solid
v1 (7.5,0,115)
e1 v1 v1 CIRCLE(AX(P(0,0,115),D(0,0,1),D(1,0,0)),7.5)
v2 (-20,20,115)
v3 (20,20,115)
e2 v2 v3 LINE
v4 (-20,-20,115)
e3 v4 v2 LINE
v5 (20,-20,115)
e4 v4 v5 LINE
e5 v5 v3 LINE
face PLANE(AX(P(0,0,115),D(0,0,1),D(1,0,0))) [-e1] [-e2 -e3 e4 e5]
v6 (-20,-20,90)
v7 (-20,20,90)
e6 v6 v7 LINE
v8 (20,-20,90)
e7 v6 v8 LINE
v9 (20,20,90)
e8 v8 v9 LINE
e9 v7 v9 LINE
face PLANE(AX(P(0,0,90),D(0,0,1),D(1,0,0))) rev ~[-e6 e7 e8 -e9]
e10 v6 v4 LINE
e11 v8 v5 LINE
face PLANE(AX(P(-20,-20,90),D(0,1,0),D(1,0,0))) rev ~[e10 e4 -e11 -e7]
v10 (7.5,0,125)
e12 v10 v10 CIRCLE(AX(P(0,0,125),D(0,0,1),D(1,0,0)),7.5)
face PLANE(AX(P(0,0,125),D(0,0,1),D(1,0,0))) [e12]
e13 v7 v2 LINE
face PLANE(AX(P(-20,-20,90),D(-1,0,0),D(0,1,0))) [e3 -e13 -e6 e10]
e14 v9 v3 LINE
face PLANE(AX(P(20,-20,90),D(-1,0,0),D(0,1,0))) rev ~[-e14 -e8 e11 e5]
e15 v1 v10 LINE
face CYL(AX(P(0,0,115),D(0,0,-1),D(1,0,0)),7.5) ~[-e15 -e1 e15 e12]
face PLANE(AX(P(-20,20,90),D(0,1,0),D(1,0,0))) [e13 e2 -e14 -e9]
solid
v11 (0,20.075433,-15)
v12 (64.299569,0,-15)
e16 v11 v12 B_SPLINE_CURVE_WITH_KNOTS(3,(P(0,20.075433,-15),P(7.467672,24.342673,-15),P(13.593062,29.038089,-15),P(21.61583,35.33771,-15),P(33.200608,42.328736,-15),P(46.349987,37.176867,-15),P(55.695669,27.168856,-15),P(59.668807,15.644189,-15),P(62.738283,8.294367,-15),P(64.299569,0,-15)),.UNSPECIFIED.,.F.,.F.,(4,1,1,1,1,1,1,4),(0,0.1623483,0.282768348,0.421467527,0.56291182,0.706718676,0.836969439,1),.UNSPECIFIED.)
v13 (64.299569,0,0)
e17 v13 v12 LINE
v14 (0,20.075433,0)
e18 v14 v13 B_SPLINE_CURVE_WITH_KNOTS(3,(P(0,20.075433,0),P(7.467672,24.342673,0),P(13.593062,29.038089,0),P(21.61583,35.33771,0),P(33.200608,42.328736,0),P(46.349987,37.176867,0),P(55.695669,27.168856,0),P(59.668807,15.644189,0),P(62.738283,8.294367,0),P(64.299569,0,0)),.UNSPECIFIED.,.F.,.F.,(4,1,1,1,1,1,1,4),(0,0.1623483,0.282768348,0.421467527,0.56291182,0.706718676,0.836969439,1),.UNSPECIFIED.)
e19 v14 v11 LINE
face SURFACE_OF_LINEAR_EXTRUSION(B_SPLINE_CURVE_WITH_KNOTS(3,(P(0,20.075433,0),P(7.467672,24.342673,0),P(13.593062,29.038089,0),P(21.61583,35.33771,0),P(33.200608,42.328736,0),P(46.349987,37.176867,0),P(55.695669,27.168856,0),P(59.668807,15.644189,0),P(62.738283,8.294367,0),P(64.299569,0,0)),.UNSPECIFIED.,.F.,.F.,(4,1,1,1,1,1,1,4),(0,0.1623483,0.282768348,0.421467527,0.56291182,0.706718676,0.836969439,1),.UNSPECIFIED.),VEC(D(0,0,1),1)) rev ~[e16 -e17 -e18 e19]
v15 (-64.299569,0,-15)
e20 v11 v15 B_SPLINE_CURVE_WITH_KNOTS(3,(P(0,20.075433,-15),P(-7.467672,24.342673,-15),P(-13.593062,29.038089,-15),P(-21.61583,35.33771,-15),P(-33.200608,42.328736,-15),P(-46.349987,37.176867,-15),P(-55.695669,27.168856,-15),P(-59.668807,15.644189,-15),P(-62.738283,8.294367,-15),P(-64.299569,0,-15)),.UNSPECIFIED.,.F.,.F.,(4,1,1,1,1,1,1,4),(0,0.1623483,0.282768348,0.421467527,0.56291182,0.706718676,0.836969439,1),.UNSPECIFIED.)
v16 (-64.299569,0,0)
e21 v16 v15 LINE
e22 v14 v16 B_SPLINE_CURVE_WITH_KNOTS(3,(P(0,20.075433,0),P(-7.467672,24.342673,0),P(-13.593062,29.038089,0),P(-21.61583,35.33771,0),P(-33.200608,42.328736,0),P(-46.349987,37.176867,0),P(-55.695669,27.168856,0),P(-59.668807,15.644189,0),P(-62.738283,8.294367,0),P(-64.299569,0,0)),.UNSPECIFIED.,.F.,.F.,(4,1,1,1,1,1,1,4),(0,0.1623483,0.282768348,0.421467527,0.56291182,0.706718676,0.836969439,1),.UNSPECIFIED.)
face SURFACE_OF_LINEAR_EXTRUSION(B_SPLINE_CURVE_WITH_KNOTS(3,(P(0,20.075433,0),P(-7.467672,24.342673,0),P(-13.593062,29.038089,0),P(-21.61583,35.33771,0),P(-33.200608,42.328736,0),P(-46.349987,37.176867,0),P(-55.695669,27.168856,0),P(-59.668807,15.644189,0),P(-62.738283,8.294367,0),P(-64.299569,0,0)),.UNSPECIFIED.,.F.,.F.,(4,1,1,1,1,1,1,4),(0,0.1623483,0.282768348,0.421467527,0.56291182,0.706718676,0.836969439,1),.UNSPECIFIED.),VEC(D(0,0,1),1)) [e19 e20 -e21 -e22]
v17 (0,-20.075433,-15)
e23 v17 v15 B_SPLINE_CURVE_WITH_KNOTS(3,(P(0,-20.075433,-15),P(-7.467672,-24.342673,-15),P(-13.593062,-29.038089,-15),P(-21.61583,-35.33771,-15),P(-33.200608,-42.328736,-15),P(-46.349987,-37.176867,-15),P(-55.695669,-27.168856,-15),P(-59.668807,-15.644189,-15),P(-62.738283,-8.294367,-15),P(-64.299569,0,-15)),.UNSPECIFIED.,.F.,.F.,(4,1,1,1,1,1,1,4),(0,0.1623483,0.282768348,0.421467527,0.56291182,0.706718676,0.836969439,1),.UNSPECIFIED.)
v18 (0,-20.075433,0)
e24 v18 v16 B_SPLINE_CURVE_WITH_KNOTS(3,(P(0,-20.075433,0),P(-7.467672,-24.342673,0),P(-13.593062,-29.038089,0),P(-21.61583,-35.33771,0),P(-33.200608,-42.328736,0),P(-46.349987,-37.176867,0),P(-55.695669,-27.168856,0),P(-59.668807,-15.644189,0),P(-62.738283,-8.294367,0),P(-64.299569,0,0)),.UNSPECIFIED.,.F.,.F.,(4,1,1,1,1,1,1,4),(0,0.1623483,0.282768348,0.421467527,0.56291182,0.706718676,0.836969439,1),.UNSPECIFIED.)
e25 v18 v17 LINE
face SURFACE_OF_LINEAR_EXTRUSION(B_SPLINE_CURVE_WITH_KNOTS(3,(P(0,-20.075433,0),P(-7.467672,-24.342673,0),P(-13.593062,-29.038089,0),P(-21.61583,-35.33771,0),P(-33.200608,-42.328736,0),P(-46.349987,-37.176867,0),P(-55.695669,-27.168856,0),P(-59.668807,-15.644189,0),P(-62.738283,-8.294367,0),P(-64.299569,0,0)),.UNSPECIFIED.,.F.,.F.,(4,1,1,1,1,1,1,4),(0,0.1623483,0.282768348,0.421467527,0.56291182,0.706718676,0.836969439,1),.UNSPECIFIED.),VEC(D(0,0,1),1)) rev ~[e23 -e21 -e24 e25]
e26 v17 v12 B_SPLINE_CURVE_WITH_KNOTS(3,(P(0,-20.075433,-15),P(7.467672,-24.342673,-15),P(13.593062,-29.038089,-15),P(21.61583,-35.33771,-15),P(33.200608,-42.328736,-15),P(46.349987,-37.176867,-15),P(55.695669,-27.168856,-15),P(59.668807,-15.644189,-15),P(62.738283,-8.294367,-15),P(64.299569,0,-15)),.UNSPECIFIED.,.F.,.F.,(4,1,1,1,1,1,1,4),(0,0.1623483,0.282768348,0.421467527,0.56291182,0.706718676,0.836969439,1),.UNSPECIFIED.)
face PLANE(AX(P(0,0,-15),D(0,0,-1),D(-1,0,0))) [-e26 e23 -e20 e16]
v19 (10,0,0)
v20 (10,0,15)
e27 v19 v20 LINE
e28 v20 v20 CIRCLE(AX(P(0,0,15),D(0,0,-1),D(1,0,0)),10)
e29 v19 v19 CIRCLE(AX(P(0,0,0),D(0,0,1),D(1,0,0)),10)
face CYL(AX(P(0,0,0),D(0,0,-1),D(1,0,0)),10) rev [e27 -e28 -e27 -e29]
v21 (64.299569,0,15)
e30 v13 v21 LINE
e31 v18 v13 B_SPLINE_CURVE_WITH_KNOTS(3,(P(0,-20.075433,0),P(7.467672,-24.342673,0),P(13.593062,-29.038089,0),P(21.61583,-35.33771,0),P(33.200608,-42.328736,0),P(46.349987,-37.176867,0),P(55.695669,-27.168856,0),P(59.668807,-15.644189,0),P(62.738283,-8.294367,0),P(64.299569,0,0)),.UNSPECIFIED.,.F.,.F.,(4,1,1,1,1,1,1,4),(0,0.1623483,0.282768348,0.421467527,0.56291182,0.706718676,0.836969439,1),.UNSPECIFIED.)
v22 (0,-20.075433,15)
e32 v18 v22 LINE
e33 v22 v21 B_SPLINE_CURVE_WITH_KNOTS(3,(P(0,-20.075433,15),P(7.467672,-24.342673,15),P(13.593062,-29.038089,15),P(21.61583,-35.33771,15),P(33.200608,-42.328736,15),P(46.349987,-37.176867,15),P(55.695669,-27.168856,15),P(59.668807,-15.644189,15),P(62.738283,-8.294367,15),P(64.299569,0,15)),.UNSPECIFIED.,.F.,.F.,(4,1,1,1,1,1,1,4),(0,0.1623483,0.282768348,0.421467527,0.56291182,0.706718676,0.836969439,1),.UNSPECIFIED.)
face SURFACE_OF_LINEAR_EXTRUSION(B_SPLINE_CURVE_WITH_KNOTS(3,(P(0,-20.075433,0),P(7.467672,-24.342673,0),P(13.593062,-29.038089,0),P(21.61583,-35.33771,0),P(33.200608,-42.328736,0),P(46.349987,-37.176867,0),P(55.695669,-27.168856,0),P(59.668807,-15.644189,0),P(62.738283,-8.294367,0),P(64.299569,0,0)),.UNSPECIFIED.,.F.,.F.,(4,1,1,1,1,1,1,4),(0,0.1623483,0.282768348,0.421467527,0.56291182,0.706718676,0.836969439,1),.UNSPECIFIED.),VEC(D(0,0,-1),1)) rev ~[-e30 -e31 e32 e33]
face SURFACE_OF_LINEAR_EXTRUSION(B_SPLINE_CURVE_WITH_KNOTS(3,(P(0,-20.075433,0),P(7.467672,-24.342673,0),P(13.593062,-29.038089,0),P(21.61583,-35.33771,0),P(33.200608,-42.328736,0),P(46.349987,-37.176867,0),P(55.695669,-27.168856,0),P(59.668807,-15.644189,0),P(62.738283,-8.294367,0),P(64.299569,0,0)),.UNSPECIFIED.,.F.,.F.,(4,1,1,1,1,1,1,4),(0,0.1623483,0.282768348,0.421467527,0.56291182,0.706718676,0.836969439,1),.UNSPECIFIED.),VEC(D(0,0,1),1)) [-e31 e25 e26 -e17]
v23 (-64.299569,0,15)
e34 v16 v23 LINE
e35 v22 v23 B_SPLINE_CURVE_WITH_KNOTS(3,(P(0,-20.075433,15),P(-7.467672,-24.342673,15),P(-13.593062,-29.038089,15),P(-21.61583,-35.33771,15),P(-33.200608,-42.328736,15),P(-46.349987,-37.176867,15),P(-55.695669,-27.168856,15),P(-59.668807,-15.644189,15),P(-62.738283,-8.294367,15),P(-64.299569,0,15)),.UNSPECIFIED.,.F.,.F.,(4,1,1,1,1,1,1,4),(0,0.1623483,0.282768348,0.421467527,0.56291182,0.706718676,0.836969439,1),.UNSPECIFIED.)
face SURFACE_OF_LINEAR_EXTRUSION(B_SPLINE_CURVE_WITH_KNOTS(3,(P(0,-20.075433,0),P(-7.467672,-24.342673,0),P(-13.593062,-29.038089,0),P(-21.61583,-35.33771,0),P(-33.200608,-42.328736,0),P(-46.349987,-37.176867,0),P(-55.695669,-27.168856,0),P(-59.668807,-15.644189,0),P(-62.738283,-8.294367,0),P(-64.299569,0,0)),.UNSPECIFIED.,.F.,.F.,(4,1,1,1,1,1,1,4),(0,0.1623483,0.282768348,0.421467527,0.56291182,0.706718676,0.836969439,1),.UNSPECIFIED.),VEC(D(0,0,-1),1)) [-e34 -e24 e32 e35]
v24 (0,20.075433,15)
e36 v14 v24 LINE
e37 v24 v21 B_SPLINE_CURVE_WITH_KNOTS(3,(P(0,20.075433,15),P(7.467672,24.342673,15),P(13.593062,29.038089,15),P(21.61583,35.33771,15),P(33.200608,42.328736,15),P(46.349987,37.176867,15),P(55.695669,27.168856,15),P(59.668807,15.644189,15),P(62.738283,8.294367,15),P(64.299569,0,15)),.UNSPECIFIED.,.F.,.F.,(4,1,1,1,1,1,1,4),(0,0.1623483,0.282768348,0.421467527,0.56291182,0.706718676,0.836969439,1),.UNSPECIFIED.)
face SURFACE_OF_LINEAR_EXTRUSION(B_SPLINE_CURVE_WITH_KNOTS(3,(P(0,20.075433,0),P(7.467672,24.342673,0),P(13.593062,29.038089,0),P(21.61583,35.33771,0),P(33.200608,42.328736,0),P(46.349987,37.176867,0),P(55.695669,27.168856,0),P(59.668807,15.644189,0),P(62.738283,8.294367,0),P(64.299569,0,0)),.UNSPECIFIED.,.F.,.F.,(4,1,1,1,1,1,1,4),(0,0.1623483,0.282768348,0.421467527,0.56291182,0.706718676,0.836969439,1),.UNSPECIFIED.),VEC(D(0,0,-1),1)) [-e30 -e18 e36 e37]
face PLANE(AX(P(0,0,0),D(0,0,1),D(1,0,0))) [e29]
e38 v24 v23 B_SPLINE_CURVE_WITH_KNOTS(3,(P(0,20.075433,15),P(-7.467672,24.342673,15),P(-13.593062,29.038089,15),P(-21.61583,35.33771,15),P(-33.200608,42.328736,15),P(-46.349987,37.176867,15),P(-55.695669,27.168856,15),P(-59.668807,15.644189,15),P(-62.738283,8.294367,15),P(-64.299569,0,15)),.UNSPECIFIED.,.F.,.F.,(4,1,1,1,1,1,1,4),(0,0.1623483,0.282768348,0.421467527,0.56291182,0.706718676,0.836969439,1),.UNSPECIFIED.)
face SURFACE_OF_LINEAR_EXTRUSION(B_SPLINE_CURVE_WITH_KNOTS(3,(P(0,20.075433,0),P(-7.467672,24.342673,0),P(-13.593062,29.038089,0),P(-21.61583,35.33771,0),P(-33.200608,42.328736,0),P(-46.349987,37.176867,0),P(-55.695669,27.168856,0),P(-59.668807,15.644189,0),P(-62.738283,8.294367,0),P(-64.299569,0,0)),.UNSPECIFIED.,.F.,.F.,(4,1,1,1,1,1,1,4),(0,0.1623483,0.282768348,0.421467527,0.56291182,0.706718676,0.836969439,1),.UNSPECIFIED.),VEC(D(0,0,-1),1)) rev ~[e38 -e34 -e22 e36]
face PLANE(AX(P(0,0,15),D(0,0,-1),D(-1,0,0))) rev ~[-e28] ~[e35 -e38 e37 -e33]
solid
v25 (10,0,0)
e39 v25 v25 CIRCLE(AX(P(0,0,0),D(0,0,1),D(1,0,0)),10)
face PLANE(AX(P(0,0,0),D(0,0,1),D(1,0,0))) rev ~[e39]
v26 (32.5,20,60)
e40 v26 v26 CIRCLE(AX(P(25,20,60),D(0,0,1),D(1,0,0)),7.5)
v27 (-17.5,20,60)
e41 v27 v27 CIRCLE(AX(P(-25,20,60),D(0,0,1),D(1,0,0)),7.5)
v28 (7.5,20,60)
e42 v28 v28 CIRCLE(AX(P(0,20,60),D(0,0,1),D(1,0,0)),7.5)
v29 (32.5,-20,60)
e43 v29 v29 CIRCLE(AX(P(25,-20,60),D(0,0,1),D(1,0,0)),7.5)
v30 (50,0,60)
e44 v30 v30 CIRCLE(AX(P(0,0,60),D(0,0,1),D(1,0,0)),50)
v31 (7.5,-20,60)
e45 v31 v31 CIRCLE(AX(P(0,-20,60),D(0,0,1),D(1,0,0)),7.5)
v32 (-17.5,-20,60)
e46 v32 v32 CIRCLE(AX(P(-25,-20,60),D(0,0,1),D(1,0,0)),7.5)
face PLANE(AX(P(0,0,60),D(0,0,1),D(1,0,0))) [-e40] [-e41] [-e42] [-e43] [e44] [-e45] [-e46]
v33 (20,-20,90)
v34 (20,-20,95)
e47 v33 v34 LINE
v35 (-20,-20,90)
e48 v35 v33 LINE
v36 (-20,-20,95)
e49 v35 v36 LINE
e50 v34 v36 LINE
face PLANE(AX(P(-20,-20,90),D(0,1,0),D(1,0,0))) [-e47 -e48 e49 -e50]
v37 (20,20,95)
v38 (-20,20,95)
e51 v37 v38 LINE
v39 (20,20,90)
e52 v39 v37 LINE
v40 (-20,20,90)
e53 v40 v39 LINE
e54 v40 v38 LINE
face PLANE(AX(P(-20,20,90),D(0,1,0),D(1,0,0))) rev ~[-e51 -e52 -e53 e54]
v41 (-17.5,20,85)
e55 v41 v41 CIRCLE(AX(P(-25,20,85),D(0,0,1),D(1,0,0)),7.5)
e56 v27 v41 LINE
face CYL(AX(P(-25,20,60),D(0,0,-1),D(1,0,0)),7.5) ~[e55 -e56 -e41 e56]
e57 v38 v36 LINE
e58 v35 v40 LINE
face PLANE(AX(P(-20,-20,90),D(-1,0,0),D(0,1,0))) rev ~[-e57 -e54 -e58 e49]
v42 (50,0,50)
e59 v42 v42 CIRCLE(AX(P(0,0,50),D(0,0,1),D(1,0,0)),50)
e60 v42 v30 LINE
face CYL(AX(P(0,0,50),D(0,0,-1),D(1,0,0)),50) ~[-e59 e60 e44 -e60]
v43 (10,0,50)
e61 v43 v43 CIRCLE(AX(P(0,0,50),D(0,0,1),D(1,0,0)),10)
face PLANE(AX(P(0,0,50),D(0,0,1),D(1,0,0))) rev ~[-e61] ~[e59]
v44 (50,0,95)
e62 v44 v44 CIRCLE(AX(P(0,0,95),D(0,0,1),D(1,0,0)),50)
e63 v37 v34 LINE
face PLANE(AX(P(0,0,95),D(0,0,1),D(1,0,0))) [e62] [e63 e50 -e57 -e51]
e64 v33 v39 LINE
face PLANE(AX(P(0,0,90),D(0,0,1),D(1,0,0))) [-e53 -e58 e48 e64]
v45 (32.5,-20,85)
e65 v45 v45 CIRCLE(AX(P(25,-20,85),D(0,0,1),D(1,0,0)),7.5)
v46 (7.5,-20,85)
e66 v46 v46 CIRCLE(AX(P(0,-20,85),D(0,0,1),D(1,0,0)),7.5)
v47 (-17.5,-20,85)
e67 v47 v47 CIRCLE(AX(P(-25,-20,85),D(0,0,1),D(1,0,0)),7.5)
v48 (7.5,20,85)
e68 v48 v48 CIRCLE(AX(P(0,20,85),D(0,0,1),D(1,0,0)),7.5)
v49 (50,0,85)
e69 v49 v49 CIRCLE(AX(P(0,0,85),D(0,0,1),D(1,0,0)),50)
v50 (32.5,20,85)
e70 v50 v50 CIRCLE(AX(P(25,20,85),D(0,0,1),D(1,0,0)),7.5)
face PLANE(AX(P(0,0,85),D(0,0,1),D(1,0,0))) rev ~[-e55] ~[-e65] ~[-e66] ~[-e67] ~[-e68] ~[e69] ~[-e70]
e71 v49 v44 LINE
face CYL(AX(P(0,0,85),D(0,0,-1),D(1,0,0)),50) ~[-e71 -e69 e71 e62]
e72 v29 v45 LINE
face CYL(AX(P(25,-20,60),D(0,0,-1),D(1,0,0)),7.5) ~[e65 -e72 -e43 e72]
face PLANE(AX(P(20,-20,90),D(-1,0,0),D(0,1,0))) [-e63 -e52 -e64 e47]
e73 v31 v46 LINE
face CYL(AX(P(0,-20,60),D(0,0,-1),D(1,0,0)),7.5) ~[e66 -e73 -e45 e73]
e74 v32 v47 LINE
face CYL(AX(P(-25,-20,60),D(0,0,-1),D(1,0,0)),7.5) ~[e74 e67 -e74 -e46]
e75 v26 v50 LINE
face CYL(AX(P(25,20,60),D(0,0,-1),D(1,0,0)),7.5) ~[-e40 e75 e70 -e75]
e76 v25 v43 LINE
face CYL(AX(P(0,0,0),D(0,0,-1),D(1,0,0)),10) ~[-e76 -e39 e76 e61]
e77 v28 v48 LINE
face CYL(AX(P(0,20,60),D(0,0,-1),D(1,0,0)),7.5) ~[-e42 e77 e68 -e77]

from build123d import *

# Parameters (mm, degrees)
F1_DEPTH  = 15
F2_R      = 10
F3_DEPTH  = 50
F5_R      = 50
F6_DEPTH  = 10
F7_R      = 7.5
F8_DEPTH  = 25
F10_R     = 50
F11_DEPTH = 10
F13_W     = 40
F13_H     = 40
F14_DEPTH = 25
F16_R     = 7.5
F17_DEPTH = 10


with BuildPart() as f1:
    # F0 (on Top) → F1 (new body, symmetric)
    with BuildSketch(Plane.XY):
        with BuildLine():
            add(Edge.make_bspline(
                [(0, 20.0754329562), (7.4676722288, 24.3426728994), (13.5930618791, 29.0380885537), (21.6158300602, 35.3377098016), (33.2006076429, 42.3287355464), (46.3499873813, 37.1768668468), (55.6956692254, 27.1688559136), (59.66880705, 15.6441890886), (62.7382826346, 8.2943669482), (64.2995685339, 0)],
                knots=[0, 0, 0, 0, 0.1623483, 0.2827683477, 0.4214675268, 0.5629118195, 0.7067186759, 0.8369694385, 1, 1, 1, 1], degree=3))
            add(Edge.make_bspline(
                [(0, 20.0754329562), (-7.4676722288, 24.3426728994), (-13.5930618791, 29.0380885537), (-21.6158300602, 35.3377098016), (-33.2006076429, 42.3287355464), (-46.3499873813, 37.1768668468), (-55.6956692254, 27.1688559136), (-59.66880705, 15.6441890886), (-62.7382826346, 8.2943669482), (-64.2995685339, 0)],
                knots=[0, 0, 0, 0, 0.1623483, 0.2827683477, 0.4214675268, 0.5629118195, 0.7067186759, 0.8369694385, 1, 1, 1, 1], degree=3))
            add(Edge.make_bspline(
                [(0, -20.0754329562), (-7.4676722288, -24.3426728994), (-13.5930618791, -29.0380885537), (-21.6158300602, -35.3377098016), (-33.2006076429, -42.3287355464), (-46.3499873813, -37.1768668468), (-55.6956692254, -27.1688559136), (-59.66880705, -15.6441890886), (-62.7382826346, -8.2943669482), (-64.2995685339, 0)],
                knots=[0, 0, 0, 0, 0.1623483, 0.2827683477, 0.4214675268, 0.5629118195, 0.7067186759, 0.8369694385, 1, 1, 1, 1], degree=3))
            add(Edge.make_bspline(
                [(0, -20.0754329562), (7.4676722288, -24.3426728994), (13.5930618791, -29.0380885537), (21.6158300602, -35.3377098016), (33.2006076429, -42.3287355464), (46.3499873813, -37.1768668468), (55.6956692254, -27.1688559136), (59.66880705, -15.6441890886), (62.7382826346, -8.2943669482), (64.2995685339, 0)],
                knots=[0, 0, 0, 0, 0.1623483, 0.2827683477, 0.4214675268, 0.5629118195, 0.7067186759, 0.8369694385, 1, 1, 1, 1], degree=3))
        make_face()
    extrude(amount=F1_DEPTH, both=True)


with BuildPart() as f3:
    # F2 (on Top) → F3 (new body)
    with BuildSketch(Plane.XY):
        Circle(F2_R)
    extrude(amount=F3_DEPTH)


with BuildPart() as f1_1:
    add(f1.part)

    # F4: cut F3
    add(f3.part, mode=Mode.SUBTRACT)


with BuildPart() as f3_1:
    add(f3.part)

    # F5 (on face) → F6 (join)
    with BuildSketch(Plane.XY.offset(50)):
        Circle(F5_R)
    extrude(amount=F6_DEPTH)

    # F7 (on face) → F8 (join)
    with BuildSketch(Plane.XY.offset(60)):
        with Locations((-25, 20)):
            Circle(F7_R)
        with Locations((0, 20)):
            Circle(F7_R)
        with Locations((25, 20)):
            Circle(F7_R)
        with Locations((25, -20)):
            Circle(F7_R)
        with Locations((0, -20)):
            Circle(F7_R)
        with Locations((-25, -20)):
            Circle(F7_R)
    extrude(amount=F8_DEPTH)

    # F10 (on offset) → F11 (join)
    with BuildSketch(Plane.XY.offset(85)):
        Circle(F10_R)
    extrude(amount=F11_DEPTH)


with BuildPart() as f14:
    # F13 (on offset) → F14 (new body)
    with BuildSketch(Plane.XY.offset(90)):
        Rectangle(F13_W, F13_H)
    extrude(amount=F14_DEPTH)


with BuildPart() as f3_2:
    add(f3_1.part)

    # F15: cut F14
    add(f14.part, mode=Mode.SUBTRACT)


with BuildPart() as f14_1:
    add(f14.part)

    # F16 (on face) → F17 (join)
    with BuildSketch(Plane.XY.offset(115)):
        Circle(F16_R)
    extrude(amount=F17_DEPTH)


solid = Compound([f1_1.part, f3_2.part, f14_1.part])
